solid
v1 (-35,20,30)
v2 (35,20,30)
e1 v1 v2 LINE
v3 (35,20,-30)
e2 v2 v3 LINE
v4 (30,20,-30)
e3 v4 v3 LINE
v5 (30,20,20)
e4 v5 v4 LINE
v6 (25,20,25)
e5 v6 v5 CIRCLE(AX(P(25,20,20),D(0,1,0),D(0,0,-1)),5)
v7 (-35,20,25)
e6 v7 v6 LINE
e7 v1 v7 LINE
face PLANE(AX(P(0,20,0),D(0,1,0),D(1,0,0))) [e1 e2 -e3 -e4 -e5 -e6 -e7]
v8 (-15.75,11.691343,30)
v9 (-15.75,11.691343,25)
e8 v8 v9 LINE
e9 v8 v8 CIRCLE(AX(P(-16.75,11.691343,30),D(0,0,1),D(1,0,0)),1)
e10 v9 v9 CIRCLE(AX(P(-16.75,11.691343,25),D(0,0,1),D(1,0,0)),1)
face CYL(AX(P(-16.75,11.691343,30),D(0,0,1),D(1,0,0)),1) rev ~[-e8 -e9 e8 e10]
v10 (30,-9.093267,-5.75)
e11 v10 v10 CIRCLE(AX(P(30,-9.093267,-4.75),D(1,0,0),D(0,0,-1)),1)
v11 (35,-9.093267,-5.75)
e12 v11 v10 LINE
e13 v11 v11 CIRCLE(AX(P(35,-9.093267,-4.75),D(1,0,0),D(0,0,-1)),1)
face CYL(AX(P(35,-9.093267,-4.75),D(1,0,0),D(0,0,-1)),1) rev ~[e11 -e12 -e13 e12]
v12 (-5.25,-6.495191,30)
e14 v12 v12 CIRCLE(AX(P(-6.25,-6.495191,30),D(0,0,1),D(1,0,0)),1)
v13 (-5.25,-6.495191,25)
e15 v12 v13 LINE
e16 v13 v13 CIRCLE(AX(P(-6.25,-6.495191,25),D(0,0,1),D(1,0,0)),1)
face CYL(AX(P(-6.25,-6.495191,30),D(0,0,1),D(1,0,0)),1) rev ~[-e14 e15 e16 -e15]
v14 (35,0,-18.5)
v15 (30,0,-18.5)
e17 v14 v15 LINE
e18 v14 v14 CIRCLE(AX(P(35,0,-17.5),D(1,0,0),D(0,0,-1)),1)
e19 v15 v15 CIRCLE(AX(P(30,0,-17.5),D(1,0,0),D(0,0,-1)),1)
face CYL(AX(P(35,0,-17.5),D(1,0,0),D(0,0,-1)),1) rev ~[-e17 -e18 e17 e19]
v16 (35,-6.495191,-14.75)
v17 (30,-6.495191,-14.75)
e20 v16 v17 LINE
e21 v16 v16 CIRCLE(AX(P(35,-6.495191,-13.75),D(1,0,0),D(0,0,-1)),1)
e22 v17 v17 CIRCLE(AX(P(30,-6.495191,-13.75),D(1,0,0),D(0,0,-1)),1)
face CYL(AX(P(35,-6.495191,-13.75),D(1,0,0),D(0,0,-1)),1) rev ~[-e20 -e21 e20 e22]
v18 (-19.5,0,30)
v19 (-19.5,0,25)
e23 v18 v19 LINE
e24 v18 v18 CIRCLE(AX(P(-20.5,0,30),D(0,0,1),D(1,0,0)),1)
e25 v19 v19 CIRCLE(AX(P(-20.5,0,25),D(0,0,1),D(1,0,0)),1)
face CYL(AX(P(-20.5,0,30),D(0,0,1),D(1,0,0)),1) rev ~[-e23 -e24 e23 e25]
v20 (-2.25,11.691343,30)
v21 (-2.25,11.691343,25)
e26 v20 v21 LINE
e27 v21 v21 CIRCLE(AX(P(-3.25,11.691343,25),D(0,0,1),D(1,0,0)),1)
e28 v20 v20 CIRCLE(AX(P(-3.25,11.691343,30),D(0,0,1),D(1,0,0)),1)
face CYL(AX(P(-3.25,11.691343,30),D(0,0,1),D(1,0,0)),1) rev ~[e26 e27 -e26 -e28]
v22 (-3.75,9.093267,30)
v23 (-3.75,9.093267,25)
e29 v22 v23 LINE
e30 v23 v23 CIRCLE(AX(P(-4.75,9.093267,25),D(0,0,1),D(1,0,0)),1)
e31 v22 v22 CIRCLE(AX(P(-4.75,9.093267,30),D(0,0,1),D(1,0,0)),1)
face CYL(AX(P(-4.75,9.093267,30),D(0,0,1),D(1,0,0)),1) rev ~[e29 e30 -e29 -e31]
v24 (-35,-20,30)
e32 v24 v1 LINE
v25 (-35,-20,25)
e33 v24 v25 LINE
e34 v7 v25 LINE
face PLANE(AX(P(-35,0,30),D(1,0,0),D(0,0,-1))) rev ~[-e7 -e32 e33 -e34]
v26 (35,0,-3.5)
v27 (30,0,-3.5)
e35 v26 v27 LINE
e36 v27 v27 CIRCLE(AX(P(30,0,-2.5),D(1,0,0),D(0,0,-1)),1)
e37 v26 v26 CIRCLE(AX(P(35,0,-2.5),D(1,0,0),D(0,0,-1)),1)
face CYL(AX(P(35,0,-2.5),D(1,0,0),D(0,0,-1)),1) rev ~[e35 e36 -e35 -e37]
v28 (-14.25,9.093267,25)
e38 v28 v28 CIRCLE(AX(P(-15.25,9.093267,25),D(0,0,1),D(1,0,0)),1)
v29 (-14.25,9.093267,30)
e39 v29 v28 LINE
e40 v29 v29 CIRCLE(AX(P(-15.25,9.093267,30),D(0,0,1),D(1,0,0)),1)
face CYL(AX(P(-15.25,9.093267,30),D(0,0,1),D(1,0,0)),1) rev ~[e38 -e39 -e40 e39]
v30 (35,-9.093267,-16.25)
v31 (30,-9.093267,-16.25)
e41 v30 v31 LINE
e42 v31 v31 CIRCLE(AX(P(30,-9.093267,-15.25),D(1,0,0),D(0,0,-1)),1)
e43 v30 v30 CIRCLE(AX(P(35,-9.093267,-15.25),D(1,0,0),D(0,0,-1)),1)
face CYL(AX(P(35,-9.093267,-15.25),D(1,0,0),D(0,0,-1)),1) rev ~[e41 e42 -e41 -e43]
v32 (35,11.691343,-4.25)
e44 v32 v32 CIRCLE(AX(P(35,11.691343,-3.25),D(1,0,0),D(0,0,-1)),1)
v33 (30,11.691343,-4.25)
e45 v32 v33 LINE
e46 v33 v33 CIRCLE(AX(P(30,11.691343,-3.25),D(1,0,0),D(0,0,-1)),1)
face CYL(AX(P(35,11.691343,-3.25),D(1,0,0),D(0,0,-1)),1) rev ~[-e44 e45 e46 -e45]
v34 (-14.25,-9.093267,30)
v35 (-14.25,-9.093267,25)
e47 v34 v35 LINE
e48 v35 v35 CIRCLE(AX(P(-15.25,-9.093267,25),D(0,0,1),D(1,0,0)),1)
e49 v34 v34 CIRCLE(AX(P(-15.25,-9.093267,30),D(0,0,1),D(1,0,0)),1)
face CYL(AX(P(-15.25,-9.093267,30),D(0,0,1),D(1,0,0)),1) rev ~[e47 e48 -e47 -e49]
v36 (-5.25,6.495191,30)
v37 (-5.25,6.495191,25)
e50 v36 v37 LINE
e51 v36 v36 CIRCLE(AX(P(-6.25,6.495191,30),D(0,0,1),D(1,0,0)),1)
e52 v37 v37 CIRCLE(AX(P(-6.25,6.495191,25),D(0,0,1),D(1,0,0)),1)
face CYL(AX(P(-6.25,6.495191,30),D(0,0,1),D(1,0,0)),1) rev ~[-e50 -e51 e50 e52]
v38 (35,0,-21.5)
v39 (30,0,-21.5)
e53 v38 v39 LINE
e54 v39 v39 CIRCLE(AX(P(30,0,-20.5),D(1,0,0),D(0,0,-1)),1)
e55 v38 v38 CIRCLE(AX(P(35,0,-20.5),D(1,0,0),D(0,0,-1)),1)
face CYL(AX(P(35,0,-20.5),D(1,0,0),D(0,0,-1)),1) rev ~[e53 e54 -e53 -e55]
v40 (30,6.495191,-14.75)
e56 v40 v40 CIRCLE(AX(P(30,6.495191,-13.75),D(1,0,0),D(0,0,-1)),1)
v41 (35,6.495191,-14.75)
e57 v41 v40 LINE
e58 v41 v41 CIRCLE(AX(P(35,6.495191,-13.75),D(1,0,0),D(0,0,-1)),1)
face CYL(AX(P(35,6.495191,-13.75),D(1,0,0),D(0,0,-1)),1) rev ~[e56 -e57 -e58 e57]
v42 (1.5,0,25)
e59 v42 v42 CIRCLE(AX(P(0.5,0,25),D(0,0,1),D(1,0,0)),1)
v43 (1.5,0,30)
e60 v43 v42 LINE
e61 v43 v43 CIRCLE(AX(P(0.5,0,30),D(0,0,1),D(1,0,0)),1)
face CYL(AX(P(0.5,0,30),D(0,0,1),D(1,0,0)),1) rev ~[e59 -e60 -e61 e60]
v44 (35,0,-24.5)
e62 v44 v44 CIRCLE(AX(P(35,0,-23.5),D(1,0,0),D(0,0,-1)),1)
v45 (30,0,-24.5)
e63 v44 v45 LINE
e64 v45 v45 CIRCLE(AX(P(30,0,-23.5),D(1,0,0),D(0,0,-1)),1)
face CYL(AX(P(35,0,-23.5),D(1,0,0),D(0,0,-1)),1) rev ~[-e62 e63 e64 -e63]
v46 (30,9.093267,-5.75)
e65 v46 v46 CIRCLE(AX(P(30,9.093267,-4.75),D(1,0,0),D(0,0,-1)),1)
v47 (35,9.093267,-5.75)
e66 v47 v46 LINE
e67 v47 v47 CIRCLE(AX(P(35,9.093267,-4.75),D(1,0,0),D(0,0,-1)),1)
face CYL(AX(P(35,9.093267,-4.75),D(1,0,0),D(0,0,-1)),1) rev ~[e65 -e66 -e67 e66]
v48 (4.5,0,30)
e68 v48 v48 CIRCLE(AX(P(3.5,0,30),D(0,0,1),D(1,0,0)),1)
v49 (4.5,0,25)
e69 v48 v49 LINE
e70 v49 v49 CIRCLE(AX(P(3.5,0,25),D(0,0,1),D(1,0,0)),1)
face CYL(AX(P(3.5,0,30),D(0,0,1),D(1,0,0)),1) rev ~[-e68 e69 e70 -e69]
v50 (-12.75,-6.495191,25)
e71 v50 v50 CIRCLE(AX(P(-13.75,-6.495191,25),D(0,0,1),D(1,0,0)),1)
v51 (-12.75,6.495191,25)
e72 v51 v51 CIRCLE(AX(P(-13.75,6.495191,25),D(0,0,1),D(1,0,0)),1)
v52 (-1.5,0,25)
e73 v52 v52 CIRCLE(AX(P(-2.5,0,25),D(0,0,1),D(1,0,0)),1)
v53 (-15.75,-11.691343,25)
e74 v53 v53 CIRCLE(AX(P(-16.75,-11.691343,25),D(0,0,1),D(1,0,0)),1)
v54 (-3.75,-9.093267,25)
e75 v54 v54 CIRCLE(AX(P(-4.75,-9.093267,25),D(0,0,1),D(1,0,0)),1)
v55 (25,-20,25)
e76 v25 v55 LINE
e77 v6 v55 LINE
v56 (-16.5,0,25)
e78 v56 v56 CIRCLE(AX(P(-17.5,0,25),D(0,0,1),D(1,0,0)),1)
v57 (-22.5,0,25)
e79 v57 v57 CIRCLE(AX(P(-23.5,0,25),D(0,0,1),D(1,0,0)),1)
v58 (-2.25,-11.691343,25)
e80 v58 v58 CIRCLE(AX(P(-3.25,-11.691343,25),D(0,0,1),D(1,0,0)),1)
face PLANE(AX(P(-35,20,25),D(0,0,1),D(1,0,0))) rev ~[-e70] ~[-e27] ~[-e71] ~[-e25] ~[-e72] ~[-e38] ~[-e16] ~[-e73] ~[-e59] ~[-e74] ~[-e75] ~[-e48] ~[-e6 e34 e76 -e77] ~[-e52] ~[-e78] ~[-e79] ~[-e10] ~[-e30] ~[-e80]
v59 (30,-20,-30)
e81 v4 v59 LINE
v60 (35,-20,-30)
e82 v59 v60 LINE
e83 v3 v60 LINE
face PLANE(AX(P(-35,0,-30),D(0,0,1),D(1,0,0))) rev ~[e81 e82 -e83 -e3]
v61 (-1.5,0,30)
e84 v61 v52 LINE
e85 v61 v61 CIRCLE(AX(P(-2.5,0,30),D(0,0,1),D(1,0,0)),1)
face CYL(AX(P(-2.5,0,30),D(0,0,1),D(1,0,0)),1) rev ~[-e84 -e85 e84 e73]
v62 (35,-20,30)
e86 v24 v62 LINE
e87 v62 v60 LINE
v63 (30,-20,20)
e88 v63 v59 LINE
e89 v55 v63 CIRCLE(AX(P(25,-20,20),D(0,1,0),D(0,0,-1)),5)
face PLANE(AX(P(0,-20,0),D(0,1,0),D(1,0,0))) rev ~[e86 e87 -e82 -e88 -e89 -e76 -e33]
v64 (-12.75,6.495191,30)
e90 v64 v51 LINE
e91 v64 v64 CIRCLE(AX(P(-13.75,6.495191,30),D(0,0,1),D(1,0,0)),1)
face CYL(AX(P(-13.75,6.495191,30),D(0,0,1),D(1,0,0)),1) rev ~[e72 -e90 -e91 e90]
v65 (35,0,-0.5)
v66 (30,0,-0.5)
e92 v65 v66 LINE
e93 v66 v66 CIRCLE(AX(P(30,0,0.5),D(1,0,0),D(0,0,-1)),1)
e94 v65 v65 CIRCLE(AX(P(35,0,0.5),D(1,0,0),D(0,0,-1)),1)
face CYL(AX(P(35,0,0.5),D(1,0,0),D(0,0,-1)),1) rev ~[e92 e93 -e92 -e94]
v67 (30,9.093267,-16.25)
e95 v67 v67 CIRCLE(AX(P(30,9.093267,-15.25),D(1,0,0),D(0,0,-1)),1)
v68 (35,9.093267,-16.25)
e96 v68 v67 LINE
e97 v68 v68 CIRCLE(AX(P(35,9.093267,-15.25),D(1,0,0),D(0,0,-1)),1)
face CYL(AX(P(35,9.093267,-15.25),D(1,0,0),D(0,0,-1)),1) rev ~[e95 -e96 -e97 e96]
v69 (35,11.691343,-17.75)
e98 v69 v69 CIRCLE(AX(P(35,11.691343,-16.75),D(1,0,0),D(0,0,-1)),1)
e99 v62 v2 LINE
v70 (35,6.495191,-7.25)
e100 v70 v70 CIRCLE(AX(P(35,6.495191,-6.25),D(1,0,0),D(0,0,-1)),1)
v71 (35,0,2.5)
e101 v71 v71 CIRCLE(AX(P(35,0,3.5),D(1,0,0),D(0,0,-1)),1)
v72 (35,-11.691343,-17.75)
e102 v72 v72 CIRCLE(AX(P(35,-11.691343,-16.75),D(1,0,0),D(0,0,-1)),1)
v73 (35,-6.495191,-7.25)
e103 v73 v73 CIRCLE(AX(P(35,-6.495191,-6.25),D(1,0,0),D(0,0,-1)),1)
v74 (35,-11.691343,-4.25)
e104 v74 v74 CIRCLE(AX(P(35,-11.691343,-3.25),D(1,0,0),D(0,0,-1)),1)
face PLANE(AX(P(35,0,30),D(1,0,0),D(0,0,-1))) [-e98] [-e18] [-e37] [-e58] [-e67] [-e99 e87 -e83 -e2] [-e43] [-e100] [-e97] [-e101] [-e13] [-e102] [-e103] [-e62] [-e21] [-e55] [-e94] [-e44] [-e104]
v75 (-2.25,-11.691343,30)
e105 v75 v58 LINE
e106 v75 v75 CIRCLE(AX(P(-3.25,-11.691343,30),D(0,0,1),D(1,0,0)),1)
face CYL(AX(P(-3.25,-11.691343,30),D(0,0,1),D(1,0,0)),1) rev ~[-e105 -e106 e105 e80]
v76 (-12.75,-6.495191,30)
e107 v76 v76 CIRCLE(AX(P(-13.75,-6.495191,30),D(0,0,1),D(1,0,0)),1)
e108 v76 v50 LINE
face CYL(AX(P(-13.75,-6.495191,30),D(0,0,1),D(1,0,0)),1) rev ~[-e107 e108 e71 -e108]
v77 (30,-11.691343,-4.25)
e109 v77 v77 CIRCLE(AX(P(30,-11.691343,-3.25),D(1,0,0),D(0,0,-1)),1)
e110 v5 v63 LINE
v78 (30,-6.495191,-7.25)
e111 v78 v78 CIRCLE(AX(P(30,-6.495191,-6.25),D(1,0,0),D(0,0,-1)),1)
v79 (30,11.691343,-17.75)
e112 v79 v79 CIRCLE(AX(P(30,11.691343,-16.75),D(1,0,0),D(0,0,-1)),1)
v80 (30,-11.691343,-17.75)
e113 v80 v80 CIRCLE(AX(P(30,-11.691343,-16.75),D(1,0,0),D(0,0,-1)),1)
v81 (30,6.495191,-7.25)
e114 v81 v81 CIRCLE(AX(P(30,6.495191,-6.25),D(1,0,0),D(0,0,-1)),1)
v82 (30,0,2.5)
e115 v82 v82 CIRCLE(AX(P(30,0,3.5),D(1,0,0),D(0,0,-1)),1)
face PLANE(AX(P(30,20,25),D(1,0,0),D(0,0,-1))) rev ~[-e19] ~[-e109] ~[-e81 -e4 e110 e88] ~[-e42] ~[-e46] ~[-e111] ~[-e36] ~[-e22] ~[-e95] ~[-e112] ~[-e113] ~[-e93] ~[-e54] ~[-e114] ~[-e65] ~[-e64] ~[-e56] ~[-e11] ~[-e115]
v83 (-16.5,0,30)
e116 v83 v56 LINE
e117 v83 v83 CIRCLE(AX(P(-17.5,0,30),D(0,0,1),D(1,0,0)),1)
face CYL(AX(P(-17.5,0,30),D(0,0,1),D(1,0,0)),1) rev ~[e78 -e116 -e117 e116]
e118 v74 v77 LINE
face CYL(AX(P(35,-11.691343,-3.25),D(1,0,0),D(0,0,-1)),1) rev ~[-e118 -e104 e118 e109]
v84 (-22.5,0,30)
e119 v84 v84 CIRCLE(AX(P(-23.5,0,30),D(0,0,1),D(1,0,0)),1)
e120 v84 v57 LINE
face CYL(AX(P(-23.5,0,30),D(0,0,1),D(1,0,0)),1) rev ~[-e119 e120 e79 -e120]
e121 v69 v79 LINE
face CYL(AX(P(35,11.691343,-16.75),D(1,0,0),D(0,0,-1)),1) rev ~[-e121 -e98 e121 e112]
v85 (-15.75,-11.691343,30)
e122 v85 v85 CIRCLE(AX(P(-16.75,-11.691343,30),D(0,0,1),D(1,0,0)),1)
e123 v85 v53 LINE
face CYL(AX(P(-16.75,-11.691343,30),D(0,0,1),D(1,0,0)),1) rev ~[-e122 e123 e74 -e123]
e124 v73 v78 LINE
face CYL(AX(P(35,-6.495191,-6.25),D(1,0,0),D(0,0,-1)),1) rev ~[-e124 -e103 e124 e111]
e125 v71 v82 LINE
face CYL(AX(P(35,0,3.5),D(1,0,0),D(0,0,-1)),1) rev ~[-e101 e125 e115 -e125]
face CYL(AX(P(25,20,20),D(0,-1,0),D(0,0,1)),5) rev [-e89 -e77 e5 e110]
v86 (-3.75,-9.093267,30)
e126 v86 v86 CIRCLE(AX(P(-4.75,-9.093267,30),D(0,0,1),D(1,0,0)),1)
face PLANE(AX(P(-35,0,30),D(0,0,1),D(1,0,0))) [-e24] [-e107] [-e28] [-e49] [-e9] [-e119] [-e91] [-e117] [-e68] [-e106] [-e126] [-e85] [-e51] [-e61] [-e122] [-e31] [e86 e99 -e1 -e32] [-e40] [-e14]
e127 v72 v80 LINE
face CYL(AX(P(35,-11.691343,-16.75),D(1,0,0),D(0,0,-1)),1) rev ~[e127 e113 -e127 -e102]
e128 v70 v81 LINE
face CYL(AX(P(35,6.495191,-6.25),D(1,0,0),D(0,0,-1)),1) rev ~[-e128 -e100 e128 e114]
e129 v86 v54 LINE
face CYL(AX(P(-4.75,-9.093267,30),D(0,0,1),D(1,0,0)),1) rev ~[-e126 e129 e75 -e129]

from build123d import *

# Parameters (mm, degrees)
SKETCH1_W           = 70
SKETCH1_H           = 60
BOSS_EXTRUDE1_DEPTH = 20
SKETCH2_W           = 65
SKETCH2_H           = 55
CUT_EXTRUDE1_DEPTH  = 40
FILLET1_R           = 5
SKETCH3_R           = 1
CUT_EXTRUDE2_DEPTH  = 5
SKETCH4_R           = 1
CUT_EXTRUDE3_DEPTH  = 5


with BuildPart() as part:
    # Sketch1 → Boss-Extrude1 (new, symmetric)
    with BuildSketch(Plane(origin=(0, 0, 0), x_dir=(1, 0, 0), z_dir=(0, 1, 0))):
        Rectangle(SKETCH1_W, SKETCH1_H)
    extrude(amount=BOSS_EXTRUDE1_DEPTH, both=True)

    # Sketch2 → Cut-Extrude1 (cut)
    with BuildSketch(Plane(origin=(0, 20, 0), x_dir=(1, 0, 0), z_dir=(0, 1, 0))):
        with Locations((-2.5, 2.5)):
            Rectangle(SKETCH2_W, SKETCH2_H)
    extrude(amount=-CUT_EXTRUDE1_DEPTH, mode=Mode.SUBTRACT)

    # Fillet1
    fillet1_edges = [part.edges().sort_by_distance(p)[0] for p in [
        (30, 0, 25),
    ]]
    fillet(fillet1_edges, radius=FILLET1_R)

    # Sketch3 → Cut-Extrude2 (cut)
    with BuildSketch(Plane.XY.offset(30)):
        with Locations((-2.5, 0)):
            Circle(SKETCH3_R)
        with Locations((0.5, 0)):
            Circle(SKETCH3_R)
        with Locations((3.5, 0)):
            Circle(SKETCH3_R)
        with Locations((-6.25, -6.495190528)):
            Circle(SKETCH3_R)
        with Locations((-4.75, -9.09326674)):
            Circle(SKETCH3_R)
        with Locations((-3.25, -11.691342951)):
            Circle(SKETCH3_R)
        with Locations((-13.75, -6.495190528)):
            Circle(SKETCH3_R)
        with Locations((-15.25, -9.09326674)):
            Circle(SKETCH3_R)
        with Locations((-16.75, -11.691342951)):
            Circle(SKETCH3_R)
        with Locations((-17.5, 0)):
            Circle(SKETCH3_R)
        with Locations((-20.5, 0)):
            Circle(SKETCH3_R)
        with Locations((-23.5, 0)):
            Circle(SKETCH3_R)
        with Locations((-13.75, 6.495190528)):
            Circle(SKETCH3_R)
        with Locations((-15.25, 9.09326674)):
            Circle(SKETCH3_R)
        with Locations((-16.75, 11.691342951)):
            Circle(SKETCH3_R)
        with Locations((-6.25, 6.495190528)):
            Circle(SKETCH3_R)
        with Locations((-4.75, 9.09326674)):
            Circle(SKETCH3_R)
        with Locations((-3.25, 11.691342951)):
            Circle(SKETCH3_R)
    extrude(amount=-CUT_EXTRUDE2_DEPTH, mode=Mode.SUBTRACT)

    # Sketch4 → Cut-Extrude3 (cut)
    with BuildSketch(Plane(origin=(35, 0, 0), x_dir=(0, 0, -1), z_dir=(1, 0, 0))):
        with Locations((17.5, 0)):
            Circle(SKETCH4_R)
        with Locations((20.5, 0)):
            Circle(SKETCH4_R)
        with Locations((23.5, 0)):
            Circle(SKETCH4_R)
        with Locations((13.75, -6.495190528)):
            Circle(SKETCH4_R)
        with Locations((15.25, -9.09326674)):
            Circle(SKETCH4_R)
        with Locations((16.75, -11.691342951)):
            Circle(SKETCH4_R)
        with Locations((6.25, -6.495190528)):
            Circle(SKETCH4_R)
        with Locations((4.75, -9.09326674)):
            Circle(SKETCH4_R)
        with Locations((3.25, -11.691342951)):
            Circle(SKETCH4_R)
        with Locations((2.5, 0)):
            Circle(SKETCH4_R)
        with Locations((-0.5, 0)):
            Circle(SKETCH4_R)
        with Locations((-3.5, 0)):
            Circle(SKETCH4_R)
        with Locations((6.25, 6.495190528)):
            Circle(SKETCH4_R)
        with Locations((4.75, 9.09326674)):
            Circle(SKETCH4_R)
        with Locations((3.25, 11.691342951)):
            Circle(SKETCH4_R)
        with Locations((13.75, 6.495190528)):
            Circle(SKETCH4_R)
        with Locations((15.25, 9.09326674)):
            Circle(SKETCH4_R)
        with Locations((16.75, 11.691342951)):
            Circle(SKETCH4_R)
    extrude(amount=-CUT_EXTRUDE3_DEPTH, mode=Mode.SUBTRACT)


solid = part.part
